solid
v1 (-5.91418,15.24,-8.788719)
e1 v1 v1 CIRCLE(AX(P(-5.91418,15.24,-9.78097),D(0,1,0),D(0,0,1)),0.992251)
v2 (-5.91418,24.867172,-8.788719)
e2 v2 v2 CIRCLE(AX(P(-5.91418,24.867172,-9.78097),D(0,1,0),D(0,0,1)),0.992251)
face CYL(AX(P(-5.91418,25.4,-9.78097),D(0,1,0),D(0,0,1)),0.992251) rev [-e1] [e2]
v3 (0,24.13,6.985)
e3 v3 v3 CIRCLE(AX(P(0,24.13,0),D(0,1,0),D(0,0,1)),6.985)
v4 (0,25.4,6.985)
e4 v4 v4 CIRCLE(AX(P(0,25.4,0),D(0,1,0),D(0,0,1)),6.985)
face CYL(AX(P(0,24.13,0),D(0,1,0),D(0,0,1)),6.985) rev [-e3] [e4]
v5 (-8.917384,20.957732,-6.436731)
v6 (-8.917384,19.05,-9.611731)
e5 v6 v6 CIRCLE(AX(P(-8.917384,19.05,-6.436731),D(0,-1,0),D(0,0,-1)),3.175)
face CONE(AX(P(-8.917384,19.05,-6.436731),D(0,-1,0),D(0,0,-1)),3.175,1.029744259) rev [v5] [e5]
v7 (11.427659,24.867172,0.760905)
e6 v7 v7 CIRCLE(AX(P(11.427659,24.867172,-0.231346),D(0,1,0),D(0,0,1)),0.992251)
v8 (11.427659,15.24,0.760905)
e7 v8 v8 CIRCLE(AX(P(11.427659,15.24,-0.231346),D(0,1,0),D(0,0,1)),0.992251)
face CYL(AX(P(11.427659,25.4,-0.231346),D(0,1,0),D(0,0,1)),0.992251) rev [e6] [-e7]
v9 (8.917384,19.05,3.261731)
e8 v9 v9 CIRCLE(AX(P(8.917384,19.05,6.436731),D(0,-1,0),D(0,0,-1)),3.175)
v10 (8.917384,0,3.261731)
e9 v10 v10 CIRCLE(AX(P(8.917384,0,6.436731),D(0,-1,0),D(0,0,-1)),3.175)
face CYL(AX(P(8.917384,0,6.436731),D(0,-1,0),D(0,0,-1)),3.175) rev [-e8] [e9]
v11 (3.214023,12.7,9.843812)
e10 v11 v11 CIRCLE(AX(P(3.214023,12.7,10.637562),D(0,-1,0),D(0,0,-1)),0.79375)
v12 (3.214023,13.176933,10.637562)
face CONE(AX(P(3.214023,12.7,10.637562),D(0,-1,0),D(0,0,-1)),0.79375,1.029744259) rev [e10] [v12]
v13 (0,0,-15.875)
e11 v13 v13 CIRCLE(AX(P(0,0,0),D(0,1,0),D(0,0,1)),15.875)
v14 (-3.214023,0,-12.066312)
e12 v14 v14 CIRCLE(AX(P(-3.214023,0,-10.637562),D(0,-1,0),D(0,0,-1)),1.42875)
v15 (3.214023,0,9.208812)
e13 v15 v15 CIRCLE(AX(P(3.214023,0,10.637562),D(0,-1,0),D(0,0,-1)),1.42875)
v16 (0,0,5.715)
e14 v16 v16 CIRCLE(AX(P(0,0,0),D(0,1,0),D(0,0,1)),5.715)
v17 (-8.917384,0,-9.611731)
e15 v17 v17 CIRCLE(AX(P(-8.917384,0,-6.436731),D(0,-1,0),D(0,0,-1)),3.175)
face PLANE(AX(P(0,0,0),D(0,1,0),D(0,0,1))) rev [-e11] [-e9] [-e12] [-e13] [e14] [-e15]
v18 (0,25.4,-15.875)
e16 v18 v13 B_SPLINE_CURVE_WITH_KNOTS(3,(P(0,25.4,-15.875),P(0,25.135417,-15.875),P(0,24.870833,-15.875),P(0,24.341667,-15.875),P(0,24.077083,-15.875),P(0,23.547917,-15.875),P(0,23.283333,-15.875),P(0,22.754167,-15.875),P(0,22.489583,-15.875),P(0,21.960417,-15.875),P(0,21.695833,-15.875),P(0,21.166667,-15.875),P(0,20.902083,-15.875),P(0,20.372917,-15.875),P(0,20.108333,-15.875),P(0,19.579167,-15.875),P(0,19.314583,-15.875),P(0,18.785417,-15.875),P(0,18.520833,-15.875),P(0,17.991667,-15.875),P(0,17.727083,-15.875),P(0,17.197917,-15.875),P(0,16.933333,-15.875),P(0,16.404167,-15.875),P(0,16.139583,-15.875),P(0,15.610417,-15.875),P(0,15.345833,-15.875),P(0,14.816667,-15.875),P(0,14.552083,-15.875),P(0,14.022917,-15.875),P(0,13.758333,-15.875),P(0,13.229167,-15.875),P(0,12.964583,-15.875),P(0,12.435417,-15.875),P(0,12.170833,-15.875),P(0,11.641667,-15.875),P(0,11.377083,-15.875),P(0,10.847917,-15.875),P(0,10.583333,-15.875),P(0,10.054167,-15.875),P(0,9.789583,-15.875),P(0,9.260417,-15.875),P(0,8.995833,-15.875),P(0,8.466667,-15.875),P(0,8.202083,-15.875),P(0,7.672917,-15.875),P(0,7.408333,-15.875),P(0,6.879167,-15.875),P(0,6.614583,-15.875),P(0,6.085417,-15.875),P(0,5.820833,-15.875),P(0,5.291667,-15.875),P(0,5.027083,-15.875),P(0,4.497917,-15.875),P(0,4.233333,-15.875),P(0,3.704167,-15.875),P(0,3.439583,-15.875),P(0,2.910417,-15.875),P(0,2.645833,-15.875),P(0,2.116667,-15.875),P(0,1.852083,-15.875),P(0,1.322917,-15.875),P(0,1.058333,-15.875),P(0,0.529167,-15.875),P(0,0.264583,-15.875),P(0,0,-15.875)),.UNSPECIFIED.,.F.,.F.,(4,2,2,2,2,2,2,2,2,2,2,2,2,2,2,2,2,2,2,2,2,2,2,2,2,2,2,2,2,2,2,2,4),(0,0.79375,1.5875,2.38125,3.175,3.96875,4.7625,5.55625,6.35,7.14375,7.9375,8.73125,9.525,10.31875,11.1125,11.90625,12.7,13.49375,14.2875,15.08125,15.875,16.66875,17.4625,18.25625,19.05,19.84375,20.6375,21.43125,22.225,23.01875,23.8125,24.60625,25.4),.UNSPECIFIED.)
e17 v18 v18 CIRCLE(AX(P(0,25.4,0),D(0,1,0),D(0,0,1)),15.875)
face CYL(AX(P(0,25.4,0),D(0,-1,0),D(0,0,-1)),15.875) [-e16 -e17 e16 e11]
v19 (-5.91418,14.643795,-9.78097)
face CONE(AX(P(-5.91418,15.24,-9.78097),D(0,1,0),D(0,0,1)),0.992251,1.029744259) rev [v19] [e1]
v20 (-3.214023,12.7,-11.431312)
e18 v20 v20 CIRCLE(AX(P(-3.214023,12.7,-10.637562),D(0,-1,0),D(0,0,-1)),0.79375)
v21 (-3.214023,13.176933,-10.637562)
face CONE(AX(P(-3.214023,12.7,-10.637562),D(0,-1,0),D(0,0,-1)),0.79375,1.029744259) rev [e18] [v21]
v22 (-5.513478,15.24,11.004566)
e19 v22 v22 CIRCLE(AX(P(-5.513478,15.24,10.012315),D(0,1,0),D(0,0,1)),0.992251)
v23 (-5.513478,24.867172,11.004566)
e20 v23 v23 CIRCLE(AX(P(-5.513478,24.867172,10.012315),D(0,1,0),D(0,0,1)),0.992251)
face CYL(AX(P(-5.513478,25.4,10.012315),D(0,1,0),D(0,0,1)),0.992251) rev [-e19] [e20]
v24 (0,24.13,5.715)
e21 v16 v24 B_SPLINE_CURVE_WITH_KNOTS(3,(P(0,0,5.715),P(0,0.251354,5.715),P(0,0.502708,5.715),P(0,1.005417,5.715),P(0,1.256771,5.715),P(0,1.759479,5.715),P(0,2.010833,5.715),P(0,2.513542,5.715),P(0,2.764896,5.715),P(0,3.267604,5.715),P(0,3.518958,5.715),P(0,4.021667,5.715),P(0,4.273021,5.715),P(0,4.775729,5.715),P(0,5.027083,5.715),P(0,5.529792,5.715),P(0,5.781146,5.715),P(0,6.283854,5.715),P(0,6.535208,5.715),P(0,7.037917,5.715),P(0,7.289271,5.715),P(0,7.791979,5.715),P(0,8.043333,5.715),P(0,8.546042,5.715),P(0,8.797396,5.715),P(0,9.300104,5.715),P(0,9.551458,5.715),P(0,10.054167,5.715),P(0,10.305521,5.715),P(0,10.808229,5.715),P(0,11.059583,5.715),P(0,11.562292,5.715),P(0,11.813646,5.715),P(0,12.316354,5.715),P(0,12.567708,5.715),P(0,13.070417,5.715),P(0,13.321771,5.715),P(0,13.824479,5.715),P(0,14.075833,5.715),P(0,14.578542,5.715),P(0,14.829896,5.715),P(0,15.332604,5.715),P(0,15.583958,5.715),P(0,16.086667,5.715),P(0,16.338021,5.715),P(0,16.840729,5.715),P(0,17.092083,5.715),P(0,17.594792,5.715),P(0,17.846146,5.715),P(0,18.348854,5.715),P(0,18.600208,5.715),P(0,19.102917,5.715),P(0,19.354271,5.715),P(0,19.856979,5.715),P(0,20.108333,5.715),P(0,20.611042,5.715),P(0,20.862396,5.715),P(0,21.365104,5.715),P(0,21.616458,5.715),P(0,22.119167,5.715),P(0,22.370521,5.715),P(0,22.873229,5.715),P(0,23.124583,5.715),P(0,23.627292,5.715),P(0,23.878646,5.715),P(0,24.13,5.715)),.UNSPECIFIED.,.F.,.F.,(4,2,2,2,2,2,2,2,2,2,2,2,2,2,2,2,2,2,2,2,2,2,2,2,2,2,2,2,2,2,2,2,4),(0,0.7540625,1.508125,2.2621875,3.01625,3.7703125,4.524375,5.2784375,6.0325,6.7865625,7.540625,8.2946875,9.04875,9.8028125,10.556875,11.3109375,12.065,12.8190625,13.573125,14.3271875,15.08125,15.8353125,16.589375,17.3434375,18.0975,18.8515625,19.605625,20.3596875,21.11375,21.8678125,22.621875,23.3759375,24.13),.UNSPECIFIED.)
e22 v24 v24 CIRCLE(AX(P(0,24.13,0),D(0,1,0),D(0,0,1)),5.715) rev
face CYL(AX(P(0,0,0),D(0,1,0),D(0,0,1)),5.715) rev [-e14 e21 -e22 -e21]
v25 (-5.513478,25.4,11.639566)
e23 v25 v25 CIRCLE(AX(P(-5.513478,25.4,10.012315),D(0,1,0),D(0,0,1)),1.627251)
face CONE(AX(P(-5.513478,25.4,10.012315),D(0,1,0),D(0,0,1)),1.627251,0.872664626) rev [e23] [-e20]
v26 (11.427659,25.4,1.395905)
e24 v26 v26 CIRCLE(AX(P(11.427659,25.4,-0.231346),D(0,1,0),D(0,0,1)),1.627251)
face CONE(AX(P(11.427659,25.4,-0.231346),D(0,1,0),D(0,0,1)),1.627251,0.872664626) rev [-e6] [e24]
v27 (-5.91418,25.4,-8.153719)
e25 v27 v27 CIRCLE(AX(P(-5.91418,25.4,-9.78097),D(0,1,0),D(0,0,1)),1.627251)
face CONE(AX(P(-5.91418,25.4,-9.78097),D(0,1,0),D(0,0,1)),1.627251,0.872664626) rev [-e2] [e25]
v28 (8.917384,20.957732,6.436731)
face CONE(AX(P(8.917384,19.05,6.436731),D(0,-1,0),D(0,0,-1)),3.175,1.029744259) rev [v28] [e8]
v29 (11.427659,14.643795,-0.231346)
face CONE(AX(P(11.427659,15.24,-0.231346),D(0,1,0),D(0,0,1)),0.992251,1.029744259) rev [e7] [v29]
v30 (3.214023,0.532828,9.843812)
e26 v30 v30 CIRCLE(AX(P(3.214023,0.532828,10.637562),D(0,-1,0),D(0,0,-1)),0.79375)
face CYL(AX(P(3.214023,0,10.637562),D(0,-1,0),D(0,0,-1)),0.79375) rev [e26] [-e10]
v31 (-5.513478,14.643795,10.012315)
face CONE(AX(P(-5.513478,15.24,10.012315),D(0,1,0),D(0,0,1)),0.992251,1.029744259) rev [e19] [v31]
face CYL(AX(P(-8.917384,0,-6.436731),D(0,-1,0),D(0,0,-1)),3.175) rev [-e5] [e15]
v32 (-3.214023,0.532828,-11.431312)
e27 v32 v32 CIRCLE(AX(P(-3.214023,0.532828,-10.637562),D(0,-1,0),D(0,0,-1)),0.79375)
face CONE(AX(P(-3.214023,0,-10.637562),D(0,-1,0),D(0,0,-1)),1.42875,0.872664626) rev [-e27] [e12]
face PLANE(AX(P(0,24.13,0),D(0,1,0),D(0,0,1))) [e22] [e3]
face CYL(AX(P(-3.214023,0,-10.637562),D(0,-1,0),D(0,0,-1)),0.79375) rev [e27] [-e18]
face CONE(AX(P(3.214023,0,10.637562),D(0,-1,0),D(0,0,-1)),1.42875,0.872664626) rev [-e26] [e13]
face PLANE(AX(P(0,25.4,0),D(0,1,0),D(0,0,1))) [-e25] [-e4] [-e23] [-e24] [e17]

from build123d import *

# Parameters (mm, degrees)
SKETCH1_R           = 15.875
BOSS_EXTRUDE1_DEPTH = 25.4
SKETCH2_R           = 5.715
CUT_EXTRUDE1_DEPTH  = 34.89972345
SKETCH3_R           = 6.985
CUT_EXTRUDE2_DEPTH  = 1.27
CIRPATTERN3_COUNT   = 2
CIRPATTERN4_COUNT   = 3
CIRPATTERN5_COUNT   = 2


with BuildPart() as part:
    # Sketch1 → Boss-Extrude1 (new body)
    with BuildSketch(Plane(origin=(0, 0, 0), x_dir=(1, 0, 0), z_dir=(0, 1, 0))):
        with Locations(Location((0, 0, 0), (0, 0, 90))):
            Circle(SKETCH1_R)
    extrude(amount=BOSS_EXTRUDE1_DEPTH)

    # Sketch2 → Cut-Extrude1 (cut, through all)
    with BuildSketch(Plane(origin=(0, 25.4, 0), x_dir=(1, 0, 0), z_dir=(0, 1, 0))):
        with Locations(Location((0, 0, 0), (0, 0, 270))):
            Circle(SKETCH2_R)
    extrude(amount=-CUT_EXTRUDE1_DEPTH, mode=Mode.SUBTRACT)

    # Sketch3 → Cut-Extrude2 (cut)
    with BuildSketch(Plane(origin=(0, 25.4, 0), x_dir=(1, 0, 0), z_dir=(0, 1, 0))):
        with Locations(Location((0, 0, 0), (0, 0, 270))):
            Circle(SKETCH3_R)
    extrude(amount=-CUT_EXTRUDE2_DEPTH, mode=Mode.SUBTRACT)

    # Sketch10 → 1/4 (0.25) Diameter Hole2 (revolve, cut)
    with BuildSketch(Plane(origin=(8.917384444, 0, 6.43673099), x_dir=(0, 0, -1), z_dir=(1, 0, 0))):
        Polygon((0, 0), (0, 20.957732465), (3.175, 19.05), (3.175, 0), align=None)
    f_1_4_0_25_diameter_hole2 = revolve(axis=Axis((8.917384444, -6.35, 6.43673099), (0, 1, 0)), mode=Mode.SUBTRACT)

    # CirPattern3: 1/4 (0.25) Diameter Hole2 ×2 about axis
    cirpattern3_axis = Axis((0, 0, 0), (0, 1, 0))
    for i in range(1, CIRPATTERN3_COUNT):
        add(f_1_4_0_25_diameter_hole2.rotate(cirpattern3_axis, i * 360 / CIRPATTERN3_COUNT), mode=Mode.SUBTRACT)

    # Sketch13 → 5/64 (0.07813) Diameter Hole1 (revolve, cut)
    with BuildSketch(Plane(origin=(-5.914180419, 25.4, -9.780969787), x_dir=(0, 0, 1), z_dir=(1, 0, 0))):
        Polygon((0, 0), (0, 10.75620455), (0.992251, 10.16), (0.992251, 0.532828266), (1.627251, 0), align=None)
    f_5_64_0_07813_diameter_hole1 = revolve(axis=Axis((-5.914180419, 31.75, -9.780969787), (0, -1, 0)), mode=Mode.SUBTRACT)

    # CirPattern4: 5/64 (0.07813) Diameter Hole1 ×3 about axis
    cirpattern4_axis = Axis((0, 0, 0), (0, 1, 0))
    for i in range(1, CIRPATTERN4_COUNT):
        add(f_5_64_0_07813_diameter_hole1.rotate(cirpattern4_axis, i * 360 / CIRPATTERN4_COUNT), mode=Mode.SUBTRACT)

    # Sketch16 → 1/16 (0.0625) Diameter Hole1 (revolve, cut)
    with BuildSketch(Plane(origin=(-3.214022597, 0, -10.637561516), x_dir=(0, 0, -1), z_dir=(1, 0, 0))):
        Polygon((0, 0), (0, 13.176933116), (0.79375, 12.7), (0.79375, 0.532828266), (1.42875, 0), align=None)
    f_1_16_0_0625_diameter_hole1 = revolve(axis=Axis((-3.214022597, -6.35, -10.637561516), (0, 1, 0)), mode=Mode.SUBTRACT)

    # CirPattern5: 1/16 (0.0625) Diameter Hole1 ×2 about axis
    cirpattern5_axis = Axis((0, 0, 0), (0, 1, 0))
    for i in range(1, CIRPATTERN5_COUNT):
        add(f_1_16_0_0625_diameter_hole1.rotate(cirpattern5_axis, i * 360 / CIRPATTERN5_COUNT), mode=Mode.SUBTRACT)


solid = part.part
